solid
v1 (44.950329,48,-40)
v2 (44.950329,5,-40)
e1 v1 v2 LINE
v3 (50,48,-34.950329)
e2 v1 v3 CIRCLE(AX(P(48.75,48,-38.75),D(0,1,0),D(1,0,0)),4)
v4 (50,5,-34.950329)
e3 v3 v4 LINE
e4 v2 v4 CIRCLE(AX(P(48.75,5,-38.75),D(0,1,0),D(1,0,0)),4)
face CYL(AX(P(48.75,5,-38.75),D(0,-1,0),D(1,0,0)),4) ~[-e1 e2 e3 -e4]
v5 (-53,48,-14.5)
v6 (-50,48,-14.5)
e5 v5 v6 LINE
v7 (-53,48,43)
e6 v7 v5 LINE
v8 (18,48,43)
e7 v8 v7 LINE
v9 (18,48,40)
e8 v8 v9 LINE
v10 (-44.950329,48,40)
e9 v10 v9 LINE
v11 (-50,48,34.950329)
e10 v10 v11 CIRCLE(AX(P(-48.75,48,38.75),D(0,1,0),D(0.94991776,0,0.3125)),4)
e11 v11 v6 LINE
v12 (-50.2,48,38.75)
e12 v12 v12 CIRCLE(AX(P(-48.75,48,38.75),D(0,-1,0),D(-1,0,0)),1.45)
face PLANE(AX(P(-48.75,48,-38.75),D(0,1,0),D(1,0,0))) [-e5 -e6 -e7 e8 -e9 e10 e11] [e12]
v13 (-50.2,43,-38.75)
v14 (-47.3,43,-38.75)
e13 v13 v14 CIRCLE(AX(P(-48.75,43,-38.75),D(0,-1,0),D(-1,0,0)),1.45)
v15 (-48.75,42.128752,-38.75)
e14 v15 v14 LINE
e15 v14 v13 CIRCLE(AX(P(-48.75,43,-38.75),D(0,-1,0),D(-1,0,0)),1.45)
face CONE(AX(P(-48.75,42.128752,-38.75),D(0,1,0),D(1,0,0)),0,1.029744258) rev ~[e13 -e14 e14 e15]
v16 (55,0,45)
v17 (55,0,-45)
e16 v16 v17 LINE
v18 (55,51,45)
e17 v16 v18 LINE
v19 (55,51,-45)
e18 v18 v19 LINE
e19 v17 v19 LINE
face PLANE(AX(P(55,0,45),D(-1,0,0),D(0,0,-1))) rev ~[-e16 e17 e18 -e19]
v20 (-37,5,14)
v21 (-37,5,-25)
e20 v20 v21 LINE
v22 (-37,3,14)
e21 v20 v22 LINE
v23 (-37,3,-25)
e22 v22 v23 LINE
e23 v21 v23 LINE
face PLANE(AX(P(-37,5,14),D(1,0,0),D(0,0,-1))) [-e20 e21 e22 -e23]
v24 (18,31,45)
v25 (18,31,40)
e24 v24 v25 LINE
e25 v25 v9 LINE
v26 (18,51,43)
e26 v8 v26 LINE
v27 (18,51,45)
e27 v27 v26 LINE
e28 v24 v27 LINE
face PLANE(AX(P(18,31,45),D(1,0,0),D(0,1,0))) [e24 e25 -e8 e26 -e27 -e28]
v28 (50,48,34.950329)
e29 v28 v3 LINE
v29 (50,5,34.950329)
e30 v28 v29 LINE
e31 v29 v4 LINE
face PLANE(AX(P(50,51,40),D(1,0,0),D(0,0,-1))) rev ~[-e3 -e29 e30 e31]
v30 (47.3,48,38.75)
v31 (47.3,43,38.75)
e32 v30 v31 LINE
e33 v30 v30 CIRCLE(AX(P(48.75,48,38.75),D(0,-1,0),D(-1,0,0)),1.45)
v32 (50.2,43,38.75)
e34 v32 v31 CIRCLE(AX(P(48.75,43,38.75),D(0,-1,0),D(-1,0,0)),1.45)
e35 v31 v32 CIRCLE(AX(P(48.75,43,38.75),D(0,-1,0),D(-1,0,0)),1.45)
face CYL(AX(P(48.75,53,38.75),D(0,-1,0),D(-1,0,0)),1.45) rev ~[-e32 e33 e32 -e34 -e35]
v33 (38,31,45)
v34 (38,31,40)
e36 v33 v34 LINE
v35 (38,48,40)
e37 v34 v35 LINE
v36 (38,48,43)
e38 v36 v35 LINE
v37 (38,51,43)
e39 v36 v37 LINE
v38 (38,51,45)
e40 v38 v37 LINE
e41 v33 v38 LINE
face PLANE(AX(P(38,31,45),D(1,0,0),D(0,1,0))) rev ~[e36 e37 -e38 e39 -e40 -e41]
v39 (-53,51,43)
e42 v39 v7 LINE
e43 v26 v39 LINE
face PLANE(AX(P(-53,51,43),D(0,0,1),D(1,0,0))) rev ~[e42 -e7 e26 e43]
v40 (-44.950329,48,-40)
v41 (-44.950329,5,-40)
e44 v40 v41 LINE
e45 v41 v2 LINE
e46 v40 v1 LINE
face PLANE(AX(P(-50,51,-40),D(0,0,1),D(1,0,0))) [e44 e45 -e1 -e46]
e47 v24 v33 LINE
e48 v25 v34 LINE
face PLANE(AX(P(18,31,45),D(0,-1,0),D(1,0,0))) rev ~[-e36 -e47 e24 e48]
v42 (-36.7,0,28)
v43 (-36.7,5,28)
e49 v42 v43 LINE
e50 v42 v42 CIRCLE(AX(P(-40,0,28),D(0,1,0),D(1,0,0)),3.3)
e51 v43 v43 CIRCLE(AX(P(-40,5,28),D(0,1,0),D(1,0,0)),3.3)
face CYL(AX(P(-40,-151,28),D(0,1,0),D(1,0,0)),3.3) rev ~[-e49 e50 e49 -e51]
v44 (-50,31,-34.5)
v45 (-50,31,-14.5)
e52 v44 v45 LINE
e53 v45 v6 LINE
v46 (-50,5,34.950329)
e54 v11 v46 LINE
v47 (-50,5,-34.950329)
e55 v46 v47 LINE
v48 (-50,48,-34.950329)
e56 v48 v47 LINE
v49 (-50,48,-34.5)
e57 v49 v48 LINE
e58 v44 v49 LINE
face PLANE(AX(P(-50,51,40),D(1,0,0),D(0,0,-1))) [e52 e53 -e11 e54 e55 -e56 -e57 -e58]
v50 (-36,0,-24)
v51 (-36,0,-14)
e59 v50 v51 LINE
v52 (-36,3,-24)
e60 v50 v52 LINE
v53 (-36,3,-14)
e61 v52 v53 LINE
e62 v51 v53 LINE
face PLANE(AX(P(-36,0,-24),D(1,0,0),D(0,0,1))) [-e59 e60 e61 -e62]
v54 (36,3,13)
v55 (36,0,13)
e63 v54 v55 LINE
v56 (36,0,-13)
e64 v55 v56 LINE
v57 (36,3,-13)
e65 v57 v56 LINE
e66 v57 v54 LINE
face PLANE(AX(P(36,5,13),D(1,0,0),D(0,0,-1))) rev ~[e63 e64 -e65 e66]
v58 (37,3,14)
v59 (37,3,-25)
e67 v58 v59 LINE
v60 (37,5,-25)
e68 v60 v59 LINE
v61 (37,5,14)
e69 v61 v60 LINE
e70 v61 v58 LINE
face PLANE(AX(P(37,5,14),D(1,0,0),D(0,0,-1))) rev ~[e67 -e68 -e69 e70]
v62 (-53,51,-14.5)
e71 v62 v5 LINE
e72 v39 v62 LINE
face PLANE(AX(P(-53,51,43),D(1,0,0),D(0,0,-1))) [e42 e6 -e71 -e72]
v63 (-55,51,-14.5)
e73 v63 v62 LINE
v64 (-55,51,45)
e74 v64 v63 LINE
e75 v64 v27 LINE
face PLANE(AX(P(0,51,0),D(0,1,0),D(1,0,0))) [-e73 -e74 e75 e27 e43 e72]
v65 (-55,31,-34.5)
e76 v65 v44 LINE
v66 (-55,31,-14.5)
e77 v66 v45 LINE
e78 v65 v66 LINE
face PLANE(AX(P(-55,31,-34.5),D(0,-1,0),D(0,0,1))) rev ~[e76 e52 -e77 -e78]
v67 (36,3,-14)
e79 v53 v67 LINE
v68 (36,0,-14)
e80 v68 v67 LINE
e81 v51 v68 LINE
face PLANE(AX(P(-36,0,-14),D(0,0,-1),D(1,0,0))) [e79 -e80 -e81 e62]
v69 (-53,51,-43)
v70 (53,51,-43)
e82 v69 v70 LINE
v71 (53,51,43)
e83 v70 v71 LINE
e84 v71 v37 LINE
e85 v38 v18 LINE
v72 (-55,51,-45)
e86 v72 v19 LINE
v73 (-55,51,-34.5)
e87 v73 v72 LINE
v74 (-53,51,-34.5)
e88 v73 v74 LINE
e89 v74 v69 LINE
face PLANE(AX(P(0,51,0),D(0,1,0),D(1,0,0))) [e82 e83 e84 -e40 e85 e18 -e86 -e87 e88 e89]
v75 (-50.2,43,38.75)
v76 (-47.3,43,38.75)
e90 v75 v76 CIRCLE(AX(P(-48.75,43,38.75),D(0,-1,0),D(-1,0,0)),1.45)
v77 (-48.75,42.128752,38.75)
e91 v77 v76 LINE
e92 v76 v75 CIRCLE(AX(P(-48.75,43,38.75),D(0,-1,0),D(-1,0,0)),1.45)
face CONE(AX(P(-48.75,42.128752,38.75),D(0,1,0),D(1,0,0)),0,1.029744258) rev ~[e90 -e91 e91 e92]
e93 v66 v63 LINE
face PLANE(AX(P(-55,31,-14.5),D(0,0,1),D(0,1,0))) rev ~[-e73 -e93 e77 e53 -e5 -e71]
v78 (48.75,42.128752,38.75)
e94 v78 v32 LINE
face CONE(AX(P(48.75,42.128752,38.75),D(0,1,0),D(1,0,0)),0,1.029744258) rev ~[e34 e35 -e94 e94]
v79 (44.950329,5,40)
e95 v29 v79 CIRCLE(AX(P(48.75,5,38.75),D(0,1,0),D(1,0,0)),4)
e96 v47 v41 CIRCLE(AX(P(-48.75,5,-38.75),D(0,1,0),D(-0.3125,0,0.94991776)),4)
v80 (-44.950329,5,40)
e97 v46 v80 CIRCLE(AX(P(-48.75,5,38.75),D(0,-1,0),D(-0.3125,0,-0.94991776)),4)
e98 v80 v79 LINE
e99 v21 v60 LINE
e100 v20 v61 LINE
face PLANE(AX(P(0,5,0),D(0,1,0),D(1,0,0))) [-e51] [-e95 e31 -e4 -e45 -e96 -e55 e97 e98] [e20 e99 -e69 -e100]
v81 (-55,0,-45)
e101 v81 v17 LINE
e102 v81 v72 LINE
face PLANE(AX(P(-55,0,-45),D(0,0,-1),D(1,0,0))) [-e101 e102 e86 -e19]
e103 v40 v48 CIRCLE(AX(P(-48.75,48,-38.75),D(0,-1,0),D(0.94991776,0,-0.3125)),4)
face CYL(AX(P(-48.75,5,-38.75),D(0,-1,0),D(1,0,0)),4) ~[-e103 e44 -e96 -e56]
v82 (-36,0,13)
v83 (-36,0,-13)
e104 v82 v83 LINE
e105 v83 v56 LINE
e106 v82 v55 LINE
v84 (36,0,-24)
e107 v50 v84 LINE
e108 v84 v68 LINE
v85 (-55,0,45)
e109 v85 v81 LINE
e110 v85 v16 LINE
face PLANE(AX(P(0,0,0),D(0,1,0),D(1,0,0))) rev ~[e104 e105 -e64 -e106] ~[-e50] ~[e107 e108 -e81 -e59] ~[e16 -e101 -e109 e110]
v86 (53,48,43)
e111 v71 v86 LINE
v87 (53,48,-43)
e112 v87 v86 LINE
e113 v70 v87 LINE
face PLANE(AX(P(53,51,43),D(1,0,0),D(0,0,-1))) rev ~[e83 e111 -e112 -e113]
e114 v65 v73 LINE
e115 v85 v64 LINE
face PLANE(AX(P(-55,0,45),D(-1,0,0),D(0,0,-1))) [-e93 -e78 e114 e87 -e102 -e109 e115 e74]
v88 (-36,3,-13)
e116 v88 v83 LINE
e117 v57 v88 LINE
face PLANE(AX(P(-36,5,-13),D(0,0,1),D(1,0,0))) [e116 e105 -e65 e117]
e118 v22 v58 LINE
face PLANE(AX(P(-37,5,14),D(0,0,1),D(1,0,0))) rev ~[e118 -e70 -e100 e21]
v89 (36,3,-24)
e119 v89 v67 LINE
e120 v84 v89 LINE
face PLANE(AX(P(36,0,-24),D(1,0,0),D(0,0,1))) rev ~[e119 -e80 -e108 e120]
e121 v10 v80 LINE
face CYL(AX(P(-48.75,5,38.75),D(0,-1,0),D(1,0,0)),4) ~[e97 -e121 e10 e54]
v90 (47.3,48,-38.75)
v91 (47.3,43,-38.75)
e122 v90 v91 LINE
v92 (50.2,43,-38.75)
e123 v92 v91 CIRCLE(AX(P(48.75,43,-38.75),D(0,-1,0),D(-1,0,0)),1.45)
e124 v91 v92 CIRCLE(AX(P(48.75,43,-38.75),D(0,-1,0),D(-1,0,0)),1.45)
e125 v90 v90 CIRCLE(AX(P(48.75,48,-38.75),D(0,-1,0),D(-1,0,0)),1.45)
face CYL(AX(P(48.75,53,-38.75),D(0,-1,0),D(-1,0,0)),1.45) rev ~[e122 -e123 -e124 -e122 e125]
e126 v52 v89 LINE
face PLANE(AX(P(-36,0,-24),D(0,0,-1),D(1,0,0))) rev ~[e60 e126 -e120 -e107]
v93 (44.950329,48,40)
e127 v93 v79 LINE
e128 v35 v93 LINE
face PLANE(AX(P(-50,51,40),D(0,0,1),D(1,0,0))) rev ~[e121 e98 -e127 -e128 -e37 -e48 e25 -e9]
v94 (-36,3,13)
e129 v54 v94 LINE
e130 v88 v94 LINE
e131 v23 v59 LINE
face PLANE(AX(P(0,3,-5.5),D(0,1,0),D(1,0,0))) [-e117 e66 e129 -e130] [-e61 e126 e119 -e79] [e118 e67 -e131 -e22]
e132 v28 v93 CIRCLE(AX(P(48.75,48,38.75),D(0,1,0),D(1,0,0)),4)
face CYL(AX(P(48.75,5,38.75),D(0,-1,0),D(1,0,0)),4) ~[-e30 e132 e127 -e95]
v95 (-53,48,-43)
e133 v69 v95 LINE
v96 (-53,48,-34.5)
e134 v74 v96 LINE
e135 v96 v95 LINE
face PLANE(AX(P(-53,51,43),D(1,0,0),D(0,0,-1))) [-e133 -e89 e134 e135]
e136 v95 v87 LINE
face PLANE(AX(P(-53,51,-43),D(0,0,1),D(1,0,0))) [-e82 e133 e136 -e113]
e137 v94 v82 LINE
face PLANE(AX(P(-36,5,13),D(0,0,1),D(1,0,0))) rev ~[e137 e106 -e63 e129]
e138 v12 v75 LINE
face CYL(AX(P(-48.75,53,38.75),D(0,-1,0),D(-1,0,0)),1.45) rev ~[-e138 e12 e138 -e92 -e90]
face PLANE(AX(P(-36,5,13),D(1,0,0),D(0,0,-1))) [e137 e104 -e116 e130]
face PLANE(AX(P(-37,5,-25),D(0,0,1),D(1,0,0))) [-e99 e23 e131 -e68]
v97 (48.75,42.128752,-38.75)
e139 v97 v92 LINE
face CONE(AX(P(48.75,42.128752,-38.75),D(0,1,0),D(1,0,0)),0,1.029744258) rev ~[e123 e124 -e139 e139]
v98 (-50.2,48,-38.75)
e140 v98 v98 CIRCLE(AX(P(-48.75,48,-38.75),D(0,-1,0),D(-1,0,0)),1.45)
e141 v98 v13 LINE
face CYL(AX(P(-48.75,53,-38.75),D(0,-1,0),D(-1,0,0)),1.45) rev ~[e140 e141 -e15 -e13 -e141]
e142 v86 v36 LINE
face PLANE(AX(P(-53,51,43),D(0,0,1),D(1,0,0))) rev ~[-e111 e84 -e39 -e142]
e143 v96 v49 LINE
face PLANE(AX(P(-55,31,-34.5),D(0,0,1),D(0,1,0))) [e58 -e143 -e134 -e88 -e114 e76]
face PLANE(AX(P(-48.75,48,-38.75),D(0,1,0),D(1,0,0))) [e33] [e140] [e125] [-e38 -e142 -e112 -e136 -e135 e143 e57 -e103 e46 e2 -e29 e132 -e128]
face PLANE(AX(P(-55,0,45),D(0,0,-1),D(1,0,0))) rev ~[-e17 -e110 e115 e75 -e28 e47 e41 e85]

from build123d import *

# Parameters (mm, degrees)
SKETCH1_W                  = 110
SKETCH1_H                  = 90
BOSS_EXTRUDE1_DEPTH        = 51
SKETCH2_W                  = 100
SKETCH2_H                  = 80
CUT_EXTRUDE1_DEPTH         = 46
SKETCH3_W                  = 106
SKETCH3_H                  = 3
CUT_EXTRUDE2_DEPTH         = 3
SKETCH5_W                  = 3
SKETCH5_H                  = 83
CUT_EXTRUDE3_DEPTH         = 3
SKETCH6_W                  = 103
SKETCH6_H                  = 3
CUT_EXTRUDE4_DEPTH         = 3
SKETCH7_W                  = 3
SKETCH7_H                  = 80
CUT_EXTRUDE5_DEPTH         = 3
SKETCH9_R                  = 4
BOSS_EXTRUDE2_DEPTH        = 43
SKETCH10_R                 = 4
BOSS_EXTRUDE3_DEPTH        = 43
M2_5_CLEARANCE_HOLE1_D     = 2.9
M2_5_CLEARANCE_HOLE1_DEPTH = 5
M2_5_CLEARANCE_HOLE1_TIP   = 0.871247898
SKETCH14_W                 = 20
SKETCH14_H                 = 20
CUT_EXTRUDE6_DEPTH         = 5
SKETCH15_W                 = 20
SKETCH15_H                 = 20
CUT_EXTRUDE7_DEPTH         = 5
SKETCH16_W                 = 72
SKETCH16_H                 = 26
CUT_EXTRUDE8_DEPTH         = 5
SKETCH17_W                 = 72
SKETCH17_H                 = 10
CUT_EXTRUDE9_DEPTH         = 5
M6_CLEARANCE_HOLE2_D       = 6.6
SKETCH22_W                 = 74
SKETCH22_H                 = 39
CUT_EXTRUDE10_DEPTH        = 2


with BuildPart() as part:
    # Sketch1 → Boss-Extrude1 (new body)
    with BuildSketch(Plane(origin=(0, 0, 0), x_dir=(1, 0, 0), z_dir=(0, 1, 0))):
        Rectangle(SKETCH1_W, SKETCH1_H)
    extrude(amount=BOSS_EXTRUDE1_DEPTH)

    # Sketch2 → Cut-Extrude1 (cut)
    with BuildSketch(Plane(origin=(0, 51, 0), x_dir=(1, 0, 0), z_dir=(0, 1, 0))):
        Rectangle(SKETCH2_W, SKETCH2_H)
    extrude(amount=-CUT_EXTRUDE1_DEPTH, mode=Mode.SUBTRACT)

    # Sketch3 → Cut-Extrude2 (cut)
    with BuildSketch(Plane(origin=(0, 51, 0), x_dir=(1, 0, 0), z_dir=(0, 1, 0))):
        with Locations((0, 41.5)):
            Rectangle(SKETCH3_W, SKETCH3_H)
    extrude(amount=-CUT_EXTRUDE2_DEPTH, mode=Mode.SUBTRACT)

    # Sketch5 → Cut-Extrude3 (cut)
    with BuildSketch(Plane(origin=(0, 51, 0), x_dir=(1, 0, 0), z_dir=(0, 1, 0))):
        with Locations((51.5, -1.5)):
            Rectangle(SKETCH5_W, SKETCH5_H)
    extrude(amount=-CUT_EXTRUDE3_DEPTH, mode=Mode.SUBTRACT)

    # Sketch6 → Cut-Extrude4 (cut)
    with BuildSketch(Plane(origin=(0, 51, 0), x_dir=(1, 0, 0), z_dir=(0, 1, 0))):
        with Locations((-1.5, -41.5)):
            Rectangle(SKETCH6_W, SKETCH6_H)
    extrude(amount=-CUT_EXTRUDE4_DEPTH, mode=Mode.SUBTRACT)

    # Sketch7 → Cut-Extrude5 (cut)
    with BuildSketch(Plane(origin=(0, 51, 0), x_dir=(1, 0, 0), z_dir=(0, 1, 0))):
        with Locations((-51.5, 0)):
            Rectangle(SKETCH7_W, SKETCH7_H)
    extrude(amount=-CUT_EXTRUDE5_DEPTH, mode=Mode.SUBTRACT)

    # Sketch9 → Boss-Extrude2 (add)
    with BuildSketch(Plane(origin=(0, 5, 0), x_dir=(1, 0, 0), z_dir=(0, 1, 0))):
        with Locations((-48.75, 38.75)):
            Circle(SKETCH9_R)
    extrude(amount=BOSS_EXTRUDE2_DEPTH)

    # Sketch10 → Boss-Extrude3 (add)
    with BuildSketch(Plane(origin=(0, 5, 0), x_dir=(1, 0, 0), z_dir=(0, 1, 0))):
        with Locations((48.75, 38.75)):
            Circle(SKETCH10_R)
        with Locations((48.75, -38.75)):
            Circle(SKETCH10_R)
        with Locations((-48.75, -38.75)):
            Circle(SKETCH10_R)
    extrude(amount=BOSS_EXTRUDE3_DEPTH)

    # M2.5 Clearance Hole1
    with Locations(Plane(origin=(0, 48, 0), x_dir=(1, 0, 0), z_dir=(0, 1, 0))):
        with Locations((-48.75, 38.75), (48.75, 38.75), (48.75, -38.75), (-48.75, -38.75)):
            Hole(M2_5_CLEARANCE_HOLE1_D / 2, depth=M2_5_CLEARANCE_HOLE1_DEPTH)
            with Locations((0, 0, -(M2_5_CLEARANCE_HOLE1_DEPTH + M2_5_CLEARANCE_HOLE1_TIP / 2))):  # 118° drill point
                Cone(0, M2_5_CLEARANCE_HOLE1_D / 2, M2_5_CLEARANCE_HOLE1_TIP, mode=Mode.SUBTRACT)

    # Sketch14 → Cut-Extrude6 (cut)
    with BuildSketch(Plane.ZY.offset(55)):
        with Locations((-24.5, 41)):
            Rectangle(SKETCH14_W, SKETCH14_H)
    extrude(amount=-CUT_EXTRUDE6_DEPTH, mode=Mode.SUBTRACT)

    # Sketch15 → Cut-Extrude7 (cut)
    with BuildSketch(Plane.XY.offset(45)):
        with Locations((28, 41)):
            Rectangle(SKETCH15_W, SKETCH15_H)
    extrude(amount=-CUT_EXTRUDE7_DEPTH, mode=Mode.SUBTRACT)

    # Sketch16 → Cut-Extrude8 (cut)
    with BuildSketch(Plane(origin=(0, 5, 0), x_dir=(1, 0, 0), z_dir=(0, 1, 0))):
        Rectangle(SKETCH16_W, SKETCH16_H)
    extrude(amount=-CUT_EXTRUDE8_DEPTH, mode=Mode.SUBTRACT)

    # Sketch17 → Cut-Extrude9 (cut)
    with BuildSketch(Plane.XZ):
        with Locations((0, -19)):
            Rectangle(SKETCH17_W, SKETCH17_H)
    extrude(amount=-CUT_EXTRUDE9_DEPTH, mode=Mode.SUBTRACT)

    # M6 Clearance Hole2 (through all)
    with Locations(Plane(origin=(0, 0, 0), x_dir=(-1, 0, 0), z_dir=(0, -1, 0))):
        with Locations((40, -28)):
            Hole(M6_CLEARANCE_HOLE2_D / 2)

    # Sketch22 → Cut-Extrude10 (cut)
    with BuildSketch(Plane(origin=(0, 5, 0), x_dir=(1, 0, 0), z_dir=(0, 1, 0))):
        with Locations((0, 5.5)):
            Rectangle(SKETCH22_W, SKETCH22_H)
    extrude(amount=-CUT_EXTRUDE10_DEPTH, mode=Mode.SUBTRACT)


solid = part.part
